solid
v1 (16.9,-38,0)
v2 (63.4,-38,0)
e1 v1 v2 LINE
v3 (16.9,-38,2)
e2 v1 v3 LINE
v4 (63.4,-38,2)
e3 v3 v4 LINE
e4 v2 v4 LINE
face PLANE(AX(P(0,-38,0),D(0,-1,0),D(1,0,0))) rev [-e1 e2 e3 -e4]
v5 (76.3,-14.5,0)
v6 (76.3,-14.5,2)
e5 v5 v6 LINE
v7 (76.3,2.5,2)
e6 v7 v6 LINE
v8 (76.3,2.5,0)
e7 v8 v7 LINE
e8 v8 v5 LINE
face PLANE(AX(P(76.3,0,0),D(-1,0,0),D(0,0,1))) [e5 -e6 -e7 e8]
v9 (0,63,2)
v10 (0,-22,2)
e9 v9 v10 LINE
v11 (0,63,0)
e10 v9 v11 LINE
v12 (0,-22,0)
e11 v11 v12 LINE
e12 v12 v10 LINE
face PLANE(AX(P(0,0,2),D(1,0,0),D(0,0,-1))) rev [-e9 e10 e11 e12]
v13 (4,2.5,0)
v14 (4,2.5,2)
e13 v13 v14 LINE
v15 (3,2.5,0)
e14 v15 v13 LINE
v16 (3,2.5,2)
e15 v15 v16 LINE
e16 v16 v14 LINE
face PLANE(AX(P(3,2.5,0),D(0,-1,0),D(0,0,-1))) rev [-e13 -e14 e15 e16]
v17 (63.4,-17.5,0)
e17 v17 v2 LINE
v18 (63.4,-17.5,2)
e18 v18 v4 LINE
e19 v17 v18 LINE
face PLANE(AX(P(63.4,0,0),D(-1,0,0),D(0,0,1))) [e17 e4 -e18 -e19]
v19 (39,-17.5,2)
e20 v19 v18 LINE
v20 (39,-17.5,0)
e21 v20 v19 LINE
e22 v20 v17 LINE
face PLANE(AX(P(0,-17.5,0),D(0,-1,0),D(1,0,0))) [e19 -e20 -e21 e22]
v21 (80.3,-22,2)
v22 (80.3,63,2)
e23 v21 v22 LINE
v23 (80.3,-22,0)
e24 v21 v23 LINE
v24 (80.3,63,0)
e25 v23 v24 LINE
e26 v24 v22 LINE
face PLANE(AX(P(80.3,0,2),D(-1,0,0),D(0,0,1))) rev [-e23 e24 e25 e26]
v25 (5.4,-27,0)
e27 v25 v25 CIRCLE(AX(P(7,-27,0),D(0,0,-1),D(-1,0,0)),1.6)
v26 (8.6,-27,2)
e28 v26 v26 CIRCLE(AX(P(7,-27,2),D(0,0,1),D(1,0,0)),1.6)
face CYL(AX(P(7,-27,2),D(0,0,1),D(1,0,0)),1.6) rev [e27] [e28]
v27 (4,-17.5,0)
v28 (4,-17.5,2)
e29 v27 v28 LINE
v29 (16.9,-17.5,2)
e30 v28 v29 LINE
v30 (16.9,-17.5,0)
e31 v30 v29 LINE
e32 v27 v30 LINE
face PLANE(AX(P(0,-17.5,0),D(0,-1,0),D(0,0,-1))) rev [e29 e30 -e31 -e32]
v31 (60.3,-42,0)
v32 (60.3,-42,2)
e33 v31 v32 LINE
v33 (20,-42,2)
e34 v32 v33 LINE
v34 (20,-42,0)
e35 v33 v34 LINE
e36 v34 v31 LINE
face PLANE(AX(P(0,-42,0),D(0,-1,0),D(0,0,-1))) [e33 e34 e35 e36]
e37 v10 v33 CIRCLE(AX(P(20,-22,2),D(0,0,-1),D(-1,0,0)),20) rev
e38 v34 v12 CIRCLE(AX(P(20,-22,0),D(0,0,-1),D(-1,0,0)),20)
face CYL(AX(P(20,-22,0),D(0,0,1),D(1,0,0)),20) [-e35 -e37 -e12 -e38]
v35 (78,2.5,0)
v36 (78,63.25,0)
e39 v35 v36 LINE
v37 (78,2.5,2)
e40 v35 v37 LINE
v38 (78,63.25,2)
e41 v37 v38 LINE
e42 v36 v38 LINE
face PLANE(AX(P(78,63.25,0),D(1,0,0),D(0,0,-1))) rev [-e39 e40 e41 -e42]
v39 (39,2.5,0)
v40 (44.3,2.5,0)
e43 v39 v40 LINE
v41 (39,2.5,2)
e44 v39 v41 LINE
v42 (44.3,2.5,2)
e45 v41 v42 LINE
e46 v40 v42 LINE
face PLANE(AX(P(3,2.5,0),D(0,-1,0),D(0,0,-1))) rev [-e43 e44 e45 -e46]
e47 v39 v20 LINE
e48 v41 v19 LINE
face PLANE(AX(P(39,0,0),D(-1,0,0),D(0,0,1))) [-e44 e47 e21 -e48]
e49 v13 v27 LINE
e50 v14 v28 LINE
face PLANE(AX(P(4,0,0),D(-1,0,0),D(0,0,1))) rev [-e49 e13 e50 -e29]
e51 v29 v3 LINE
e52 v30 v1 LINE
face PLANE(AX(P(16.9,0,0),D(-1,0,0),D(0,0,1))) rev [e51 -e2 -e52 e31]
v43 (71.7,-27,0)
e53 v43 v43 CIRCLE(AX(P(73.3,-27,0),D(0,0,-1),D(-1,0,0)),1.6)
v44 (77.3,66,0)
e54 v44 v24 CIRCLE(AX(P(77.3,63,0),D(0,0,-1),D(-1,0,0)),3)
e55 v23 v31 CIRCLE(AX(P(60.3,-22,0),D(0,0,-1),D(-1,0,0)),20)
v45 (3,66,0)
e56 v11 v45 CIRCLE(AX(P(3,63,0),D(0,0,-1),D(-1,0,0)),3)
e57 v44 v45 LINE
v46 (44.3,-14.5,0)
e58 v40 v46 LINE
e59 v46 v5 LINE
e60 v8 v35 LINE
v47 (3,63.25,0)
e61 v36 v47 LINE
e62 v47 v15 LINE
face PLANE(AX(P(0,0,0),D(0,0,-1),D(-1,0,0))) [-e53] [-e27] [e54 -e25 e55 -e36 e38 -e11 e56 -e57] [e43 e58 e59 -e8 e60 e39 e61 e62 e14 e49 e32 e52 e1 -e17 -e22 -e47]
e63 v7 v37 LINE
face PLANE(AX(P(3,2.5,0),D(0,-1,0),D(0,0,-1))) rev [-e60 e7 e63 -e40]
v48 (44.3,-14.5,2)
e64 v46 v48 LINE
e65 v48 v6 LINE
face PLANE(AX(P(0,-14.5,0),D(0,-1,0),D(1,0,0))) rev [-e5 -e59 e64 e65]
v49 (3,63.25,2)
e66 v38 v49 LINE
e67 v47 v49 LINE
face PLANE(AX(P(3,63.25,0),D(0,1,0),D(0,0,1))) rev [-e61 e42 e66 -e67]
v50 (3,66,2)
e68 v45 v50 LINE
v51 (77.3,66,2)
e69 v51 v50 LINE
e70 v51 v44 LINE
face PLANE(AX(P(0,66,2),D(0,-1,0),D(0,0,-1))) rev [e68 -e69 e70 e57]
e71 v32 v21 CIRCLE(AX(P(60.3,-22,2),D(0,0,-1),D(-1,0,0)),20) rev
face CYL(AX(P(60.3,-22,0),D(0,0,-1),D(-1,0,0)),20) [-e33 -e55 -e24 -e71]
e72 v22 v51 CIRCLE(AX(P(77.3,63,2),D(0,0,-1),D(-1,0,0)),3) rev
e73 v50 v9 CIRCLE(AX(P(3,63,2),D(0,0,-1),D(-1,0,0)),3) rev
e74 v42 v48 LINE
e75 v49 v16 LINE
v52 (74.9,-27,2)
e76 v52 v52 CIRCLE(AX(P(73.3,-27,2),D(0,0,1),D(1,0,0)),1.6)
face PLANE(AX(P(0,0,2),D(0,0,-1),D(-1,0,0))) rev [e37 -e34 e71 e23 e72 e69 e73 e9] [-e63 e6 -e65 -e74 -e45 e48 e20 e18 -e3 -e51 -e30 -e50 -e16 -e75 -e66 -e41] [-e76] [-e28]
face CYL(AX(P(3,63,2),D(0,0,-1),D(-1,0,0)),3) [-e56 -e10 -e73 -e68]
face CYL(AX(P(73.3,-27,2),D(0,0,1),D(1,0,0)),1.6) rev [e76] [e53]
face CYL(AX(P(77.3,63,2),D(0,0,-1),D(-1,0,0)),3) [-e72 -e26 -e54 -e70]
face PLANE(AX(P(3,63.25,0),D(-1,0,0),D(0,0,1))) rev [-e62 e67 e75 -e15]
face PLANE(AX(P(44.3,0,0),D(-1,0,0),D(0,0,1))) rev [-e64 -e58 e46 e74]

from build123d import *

# Parameters (mm, degrees)
SKETCH1_W                      = 80.3
SKETCH1_H                      = 66
BOSS_EXTRUDE1_DEPTH            = 2
F_3_2_3_2_DIAMETER_HOLE1_D     = 3.2
FILLET1_R                      = 3
SKETCH4_W                      = 80.3
SKETCH4_H                      = 2
BOSS_EXTRUDE2_DEPTH            = 42
FILLET2_R                      = 20
F_3_2_3_2_DIAMETER_HOLE2_D     = 3.2
F_3_2_3_2_DIAMETER_HOLE2_DEPTH = 60
F_3_2_3_2_DIAMETER_HOLE2_TIP   = 0.96137699
SKETCH7_W                      = 75
SKETCH7_H                      = 60.5
CUT_EXTRUDE1_DEPTH             = 3
SKETCH10_W                     = 35
SKETCH10_H                     = 20
SKETCH10_W_2                   = 32
SKETCH10_H_2                   = 17
CUT_EXTRUDE3_DEPTH             = 3
SKETCH11_W                     = 75
SKETCH11_H                     = 0.25
CUT_EXTRUDE4_DEPTH             = 3


with BuildPart() as part:
    # Sketch1 → Boss-Extrude1 (new body)
    with BuildSketch(Plane.XY):
        with Locations((40.15, 33)):
            Rectangle(SKETCH1_W, SKETCH1_H)
    extrude(amount=BOSS_EXTRUDE1_DEPTH)

    # Ø3.2 (3.2) Diameter Hole1 (through all)
    with Locations(Plane.XY.offset(2)):
        with Locations((7, 59), (73.3, 59), (73.3, 7), (7, 7)):
            Hole(F_3_2_3_2_DIAMETER_HOLE1_D / 2)

    # Fillet1
    fillet1_edges = [part.edges().sort_by_distance(p)[0] for p in [
        (0, 66, 1),
        (80.3, 66, 1),
    ]]
    fillet(fillet1_edges, radius=FILLET1_R)

    # Sketch4 → Boss-Extrude2 (add)
    with BuildSketch(Plane.XZ):
        with Locations((40.15, 1)):
            Rectangle(SKETCH4_W, SKETCH4_H)
    extrude(amount=BOSS_EXTRUDE2_DEPTH)

    # Fillet2
    fillet2_edges = [part.edges().sort_by_distance(p)[0] for p in [
        (0, -42, 1),
        (80.3, -42, 1),
    ]]
    fillet(fillet2_edges, radius=FILLET2_R)

    # Ø3.2 (3.2) Diameter Hole2
    with Locations(Plane.XY.offset(2)):
        with Locations((7, -27), (73.3, -27)):
            Hole(F_3_2_3_2_DIAMETER_HOLE2_D / 2, depth=F_3_2_3_2_DIAMETER_HOLE2_DEPTH)
            with Locations((0, 0, -(F_3_2_3_2_DIAMETER_HOLE2_DEPTH + F_3_2_3_2_DIAMETER_HOLE2_TIP / 2))):  # 118° drill point
                Cone(0, F_3_2_3_2_DIAMETER_HOLE2_D / 2, F_3_2_3_2_DIAMETER_HOLE2_TIP, mode=Mode.SUBTRACT)

    # Sketch7 → Cut-Extrude1 (cut, through all)
    with BuildSketch(Plane.XY.offset(2)):
        with Locations((40.5, 33)):
            Rectangle(SKETCH7_W, SKETCH7_H)
    extrude(amount=-CUT_EXTRUDE1_DEPTH, mode=Mode.SUBTRACT)

    # Sketch10 → Cut-Extrude3 (cut, through all)
    with BuildSketch(Plane.XY.offset(2)):
        with Locations((21.5, -7.5)):
            Rectangle(SKETCH10_W, SKETCH10_H)
        Polygon((63.4, -17.5), (39, -17.5), (16.9, -17.5), (16.9, -38), (63.4, -38), align=None)
        with Locations((60.3, -6)):
            Rectangle(SKETCH10_W_2, SKETCH10_H_2)
    extrude(amount=-CUT_EXTRUDE3_DEPTH, mode=Mode.SUBTRACT)

    # Sketch11 → Cut-Extrude4 (cut, through all)
    with BuildSketch(Plane.XY.offset(2)):
        with Locations((40.5, 2.625)):
            Rectangle(SKETCH11_W, SKETCH11_H)
    extrude(amount=-CUT_EXTRUDE4_DEPTH, mode=Mode.SUBTRACT)


solid = part.part
